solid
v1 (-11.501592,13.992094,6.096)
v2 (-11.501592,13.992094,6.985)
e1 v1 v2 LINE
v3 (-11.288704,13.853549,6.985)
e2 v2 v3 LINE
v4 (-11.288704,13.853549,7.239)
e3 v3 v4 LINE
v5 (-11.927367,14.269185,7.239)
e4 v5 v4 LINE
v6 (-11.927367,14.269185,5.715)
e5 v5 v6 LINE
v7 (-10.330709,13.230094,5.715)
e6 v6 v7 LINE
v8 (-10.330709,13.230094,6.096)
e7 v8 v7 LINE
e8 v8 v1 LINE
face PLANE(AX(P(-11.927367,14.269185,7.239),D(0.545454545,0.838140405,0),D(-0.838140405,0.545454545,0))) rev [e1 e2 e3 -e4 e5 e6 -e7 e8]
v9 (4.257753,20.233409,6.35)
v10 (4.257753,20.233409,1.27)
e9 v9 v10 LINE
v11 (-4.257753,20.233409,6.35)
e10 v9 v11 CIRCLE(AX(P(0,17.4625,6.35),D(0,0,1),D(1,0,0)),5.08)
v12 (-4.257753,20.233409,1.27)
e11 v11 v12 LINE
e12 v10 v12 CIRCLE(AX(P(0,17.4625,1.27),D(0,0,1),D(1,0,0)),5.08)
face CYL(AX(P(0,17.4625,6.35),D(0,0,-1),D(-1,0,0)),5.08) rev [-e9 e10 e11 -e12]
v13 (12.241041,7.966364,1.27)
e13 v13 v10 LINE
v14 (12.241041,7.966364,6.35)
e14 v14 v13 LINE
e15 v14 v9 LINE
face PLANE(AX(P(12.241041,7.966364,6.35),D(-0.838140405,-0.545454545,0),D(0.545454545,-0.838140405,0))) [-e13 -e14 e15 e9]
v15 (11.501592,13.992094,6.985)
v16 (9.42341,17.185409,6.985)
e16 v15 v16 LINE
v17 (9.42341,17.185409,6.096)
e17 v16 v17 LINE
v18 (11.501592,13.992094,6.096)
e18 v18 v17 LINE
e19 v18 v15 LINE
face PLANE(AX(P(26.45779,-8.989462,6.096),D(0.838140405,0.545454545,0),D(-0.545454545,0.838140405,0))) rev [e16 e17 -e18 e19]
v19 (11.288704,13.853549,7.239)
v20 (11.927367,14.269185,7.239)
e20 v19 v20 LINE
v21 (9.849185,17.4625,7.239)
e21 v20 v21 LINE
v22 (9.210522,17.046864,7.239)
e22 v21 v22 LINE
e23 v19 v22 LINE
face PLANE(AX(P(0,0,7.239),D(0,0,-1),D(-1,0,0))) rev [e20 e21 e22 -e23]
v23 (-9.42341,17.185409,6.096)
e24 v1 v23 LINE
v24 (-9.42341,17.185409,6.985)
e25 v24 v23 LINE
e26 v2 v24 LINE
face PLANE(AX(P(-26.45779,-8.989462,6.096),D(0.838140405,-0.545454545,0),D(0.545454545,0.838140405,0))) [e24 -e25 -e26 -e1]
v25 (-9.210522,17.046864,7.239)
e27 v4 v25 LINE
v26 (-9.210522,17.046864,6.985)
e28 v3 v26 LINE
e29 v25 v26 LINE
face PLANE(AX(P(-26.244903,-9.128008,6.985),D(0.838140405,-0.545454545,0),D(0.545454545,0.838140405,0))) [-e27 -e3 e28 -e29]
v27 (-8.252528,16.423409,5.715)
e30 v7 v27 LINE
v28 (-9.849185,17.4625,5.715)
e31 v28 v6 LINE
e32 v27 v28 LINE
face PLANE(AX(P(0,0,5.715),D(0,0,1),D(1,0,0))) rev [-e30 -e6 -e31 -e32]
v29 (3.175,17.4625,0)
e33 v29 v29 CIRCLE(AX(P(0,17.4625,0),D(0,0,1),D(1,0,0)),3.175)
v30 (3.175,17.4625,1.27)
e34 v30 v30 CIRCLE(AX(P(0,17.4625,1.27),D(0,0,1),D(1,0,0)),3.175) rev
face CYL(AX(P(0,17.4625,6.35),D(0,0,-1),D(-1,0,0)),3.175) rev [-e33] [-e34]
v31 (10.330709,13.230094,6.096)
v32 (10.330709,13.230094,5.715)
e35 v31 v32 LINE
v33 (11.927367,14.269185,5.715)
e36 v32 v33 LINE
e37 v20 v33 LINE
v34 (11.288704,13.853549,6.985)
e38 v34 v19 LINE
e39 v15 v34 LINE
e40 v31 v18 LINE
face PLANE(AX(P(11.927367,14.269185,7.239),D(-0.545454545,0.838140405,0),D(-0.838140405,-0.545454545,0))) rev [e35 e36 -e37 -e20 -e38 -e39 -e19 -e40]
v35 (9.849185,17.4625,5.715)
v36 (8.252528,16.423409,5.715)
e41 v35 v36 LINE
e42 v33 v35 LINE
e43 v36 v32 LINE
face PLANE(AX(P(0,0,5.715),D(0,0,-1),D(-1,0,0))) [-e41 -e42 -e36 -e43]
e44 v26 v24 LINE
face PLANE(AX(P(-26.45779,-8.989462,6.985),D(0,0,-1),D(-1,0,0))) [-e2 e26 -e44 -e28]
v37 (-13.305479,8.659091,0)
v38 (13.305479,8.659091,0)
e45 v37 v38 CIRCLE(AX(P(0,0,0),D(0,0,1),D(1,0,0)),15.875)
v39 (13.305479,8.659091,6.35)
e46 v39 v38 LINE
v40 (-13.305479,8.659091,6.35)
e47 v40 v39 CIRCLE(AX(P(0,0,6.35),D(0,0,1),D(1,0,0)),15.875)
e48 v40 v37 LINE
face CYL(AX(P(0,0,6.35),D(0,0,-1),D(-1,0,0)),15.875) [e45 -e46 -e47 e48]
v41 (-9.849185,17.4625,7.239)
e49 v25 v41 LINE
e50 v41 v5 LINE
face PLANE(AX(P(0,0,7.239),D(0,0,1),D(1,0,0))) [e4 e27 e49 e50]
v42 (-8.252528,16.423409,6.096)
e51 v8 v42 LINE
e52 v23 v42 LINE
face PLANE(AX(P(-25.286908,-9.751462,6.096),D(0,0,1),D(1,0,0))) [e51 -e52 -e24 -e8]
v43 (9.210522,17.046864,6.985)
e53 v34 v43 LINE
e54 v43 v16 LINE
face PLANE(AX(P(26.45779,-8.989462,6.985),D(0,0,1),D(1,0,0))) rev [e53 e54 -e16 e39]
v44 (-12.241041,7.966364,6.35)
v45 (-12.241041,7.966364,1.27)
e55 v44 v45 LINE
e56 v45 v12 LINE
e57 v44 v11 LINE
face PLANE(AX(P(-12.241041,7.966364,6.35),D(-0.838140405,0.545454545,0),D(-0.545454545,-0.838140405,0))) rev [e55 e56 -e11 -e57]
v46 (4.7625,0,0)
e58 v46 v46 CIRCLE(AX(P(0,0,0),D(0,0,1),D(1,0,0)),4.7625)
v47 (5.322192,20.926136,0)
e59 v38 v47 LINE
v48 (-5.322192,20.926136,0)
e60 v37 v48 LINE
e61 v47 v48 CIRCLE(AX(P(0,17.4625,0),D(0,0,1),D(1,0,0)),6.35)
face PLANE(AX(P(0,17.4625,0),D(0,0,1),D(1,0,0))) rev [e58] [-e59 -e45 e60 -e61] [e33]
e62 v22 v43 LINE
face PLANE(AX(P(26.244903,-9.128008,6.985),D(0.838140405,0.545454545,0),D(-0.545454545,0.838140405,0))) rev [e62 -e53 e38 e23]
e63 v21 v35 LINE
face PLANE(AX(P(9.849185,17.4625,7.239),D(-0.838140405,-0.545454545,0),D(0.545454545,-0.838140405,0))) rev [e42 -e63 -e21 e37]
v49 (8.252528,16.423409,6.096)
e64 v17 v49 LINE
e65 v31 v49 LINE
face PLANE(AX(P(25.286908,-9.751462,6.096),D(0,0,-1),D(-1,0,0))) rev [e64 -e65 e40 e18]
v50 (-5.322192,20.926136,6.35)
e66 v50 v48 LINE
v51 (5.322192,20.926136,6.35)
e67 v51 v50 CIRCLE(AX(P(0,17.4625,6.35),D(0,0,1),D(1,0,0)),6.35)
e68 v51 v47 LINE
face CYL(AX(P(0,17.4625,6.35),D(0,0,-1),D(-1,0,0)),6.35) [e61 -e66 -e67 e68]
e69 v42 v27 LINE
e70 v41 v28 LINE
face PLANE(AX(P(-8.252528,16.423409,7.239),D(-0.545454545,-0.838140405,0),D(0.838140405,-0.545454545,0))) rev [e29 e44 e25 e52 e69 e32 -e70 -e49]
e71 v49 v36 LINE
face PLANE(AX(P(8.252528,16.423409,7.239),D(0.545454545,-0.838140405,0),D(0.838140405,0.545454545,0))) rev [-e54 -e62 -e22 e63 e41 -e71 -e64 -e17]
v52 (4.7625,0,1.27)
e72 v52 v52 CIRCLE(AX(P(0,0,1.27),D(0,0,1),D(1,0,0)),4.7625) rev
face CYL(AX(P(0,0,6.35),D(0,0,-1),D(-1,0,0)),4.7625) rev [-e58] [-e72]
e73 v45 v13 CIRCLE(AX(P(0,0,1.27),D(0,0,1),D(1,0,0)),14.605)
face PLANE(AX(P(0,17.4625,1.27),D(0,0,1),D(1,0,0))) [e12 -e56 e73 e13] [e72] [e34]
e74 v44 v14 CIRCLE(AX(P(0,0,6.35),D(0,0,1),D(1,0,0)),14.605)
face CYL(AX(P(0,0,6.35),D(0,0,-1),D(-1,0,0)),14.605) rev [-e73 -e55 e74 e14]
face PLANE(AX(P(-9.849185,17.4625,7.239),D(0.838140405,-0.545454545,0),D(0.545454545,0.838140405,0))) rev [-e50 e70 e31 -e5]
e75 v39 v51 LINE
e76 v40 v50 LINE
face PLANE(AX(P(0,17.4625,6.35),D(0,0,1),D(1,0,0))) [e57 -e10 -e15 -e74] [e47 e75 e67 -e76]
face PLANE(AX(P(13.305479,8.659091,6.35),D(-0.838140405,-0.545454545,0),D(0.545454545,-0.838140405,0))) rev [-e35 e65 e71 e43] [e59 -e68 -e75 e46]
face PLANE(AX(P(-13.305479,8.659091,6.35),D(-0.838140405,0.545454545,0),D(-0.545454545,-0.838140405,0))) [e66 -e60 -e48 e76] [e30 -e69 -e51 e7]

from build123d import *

# Parameters (mm, degrees)
BOSS_EXTRUDE2_DEPTH = 6.35
SHELL3_T            = -1.27
SKETCH2_7_R         = 4.7625
SKETCH2_7_R_2       = 3.175
CUT_EXTRUDE2_DEPTH  = 30.315069184
BOSS_EXTRUDE3_DEPTH = 1.524
CUT_EXTRUDE3_REACH  = 34.391


with BuildPart() as part:
    # Sketch2 → Boss-Extrude2 (new body)
    with BuildSketch(Plane(origin=(0, 0, 0), x_dir=(0, 1, 0), z_dir=(0, 0, 1))):
        with BuildLine():
            Line((8.659090909, -13.305478933), (20.926136364, -5.322191573))
            ThreePointArc((20.926136364, -5.322191573), (23.8125, 0), (20.926136364, 5.322191573))
            Line((20.926136364, 5.322191573), (8.659090909, 13.305478933))
            ThreePointArc((8.659090909, 13.305478933), (-15.875, 0), (8.659090909, -13.305478933))
        make_face()
    extrude(amount=BOSS_EXTRUDE2_DEPTH)

    # Shell3
    shell3_openings = [part.faces().sort_by_distance(p)[0] for p in [
        (0, 2.303090429, 6.35),
    ]]
    offset(amount=SHELL3_T, openings=shell3_openings, kind=Kind.INTERSECTION)

    # Sketch2<7> → Cut-Extrude2 (cut, through all)
    with BuildSketch(Plane(origin=(0, 0, 0), x_dir=(0, 1, 0), z_dir=(0, 0, 1))):
        Circle(SKETCH2_7_R)
        with Locations((17.4625, 0)):
            Circle(SKETCH2_7_R_2)
    extrude(amount=CUT_EXTRUDE2_DEPTH, mode=Mode.SUBTRACT)

    # Sketch6 → Boss-Extrude3 (add)
    with BuildSketch(Plane(origin=(0, 0, 5.715), x_dir=(0, -1, 0), z_dir=(0, 0, 1))):
        Polygon((-16.423409091, 8.252527639), (-17.4625, 9.849185111), (-14.269185056, 11.927366929), (-13.230094147, 10.330709457), align=None)
        Polygon((-14.269185056, -11.927366929), (-13.230094147, -10.330709457), (-16.423409091, -8.252527639), (-17.4625, -9.849185111), align=None)
    extrude(amount=BOSS_EXTRUDE3_DEPTH)

    # Sketch8 → Cut-Extrude3 (cut, up to next)
    with BuildSketch(Plane(origin=(-5.052951293, 7.764318182, 0), x_dir=(-0.8381404052084441, -0.5454545454545457, 0), z_dir=(-0.5454545454545457, 0.8381404052084441, 0)), mode=Mode.PRIVATE) as cut_extrude3_sk1:
        Polygon((-17.272, 6.985), (-17.018, 6.985), (-17.018, 7.239), (-15.875, 7.239), (-15.875, 6.35), (-15.875, 6.096), (-17.272, 6.096), align=None)
    cut_extrude3_tool1 = extrude(cut_extrude3_sk1.sketch, amount=-CUT_EXTRUDE3_REACH, mode=Mode.PRIVATE) & part.part
    cut_extrude3 = cut_extrude3_tool1.solids().sort_by_distance((8.8178, 16.791284, 6.648784))[0]
    add(cut_extrude3, mode=Mode.SUBTRACT)

    # Mirror1: Cut-Extrude3 across plane
    add(cut_extrude3.mirror(Plane(origin=(0, 0, 0), x_dir=(0, 0, 1), z_dir=(1, 0, 0))), mode=Mode.SUBTRACT)


solid = part.part
